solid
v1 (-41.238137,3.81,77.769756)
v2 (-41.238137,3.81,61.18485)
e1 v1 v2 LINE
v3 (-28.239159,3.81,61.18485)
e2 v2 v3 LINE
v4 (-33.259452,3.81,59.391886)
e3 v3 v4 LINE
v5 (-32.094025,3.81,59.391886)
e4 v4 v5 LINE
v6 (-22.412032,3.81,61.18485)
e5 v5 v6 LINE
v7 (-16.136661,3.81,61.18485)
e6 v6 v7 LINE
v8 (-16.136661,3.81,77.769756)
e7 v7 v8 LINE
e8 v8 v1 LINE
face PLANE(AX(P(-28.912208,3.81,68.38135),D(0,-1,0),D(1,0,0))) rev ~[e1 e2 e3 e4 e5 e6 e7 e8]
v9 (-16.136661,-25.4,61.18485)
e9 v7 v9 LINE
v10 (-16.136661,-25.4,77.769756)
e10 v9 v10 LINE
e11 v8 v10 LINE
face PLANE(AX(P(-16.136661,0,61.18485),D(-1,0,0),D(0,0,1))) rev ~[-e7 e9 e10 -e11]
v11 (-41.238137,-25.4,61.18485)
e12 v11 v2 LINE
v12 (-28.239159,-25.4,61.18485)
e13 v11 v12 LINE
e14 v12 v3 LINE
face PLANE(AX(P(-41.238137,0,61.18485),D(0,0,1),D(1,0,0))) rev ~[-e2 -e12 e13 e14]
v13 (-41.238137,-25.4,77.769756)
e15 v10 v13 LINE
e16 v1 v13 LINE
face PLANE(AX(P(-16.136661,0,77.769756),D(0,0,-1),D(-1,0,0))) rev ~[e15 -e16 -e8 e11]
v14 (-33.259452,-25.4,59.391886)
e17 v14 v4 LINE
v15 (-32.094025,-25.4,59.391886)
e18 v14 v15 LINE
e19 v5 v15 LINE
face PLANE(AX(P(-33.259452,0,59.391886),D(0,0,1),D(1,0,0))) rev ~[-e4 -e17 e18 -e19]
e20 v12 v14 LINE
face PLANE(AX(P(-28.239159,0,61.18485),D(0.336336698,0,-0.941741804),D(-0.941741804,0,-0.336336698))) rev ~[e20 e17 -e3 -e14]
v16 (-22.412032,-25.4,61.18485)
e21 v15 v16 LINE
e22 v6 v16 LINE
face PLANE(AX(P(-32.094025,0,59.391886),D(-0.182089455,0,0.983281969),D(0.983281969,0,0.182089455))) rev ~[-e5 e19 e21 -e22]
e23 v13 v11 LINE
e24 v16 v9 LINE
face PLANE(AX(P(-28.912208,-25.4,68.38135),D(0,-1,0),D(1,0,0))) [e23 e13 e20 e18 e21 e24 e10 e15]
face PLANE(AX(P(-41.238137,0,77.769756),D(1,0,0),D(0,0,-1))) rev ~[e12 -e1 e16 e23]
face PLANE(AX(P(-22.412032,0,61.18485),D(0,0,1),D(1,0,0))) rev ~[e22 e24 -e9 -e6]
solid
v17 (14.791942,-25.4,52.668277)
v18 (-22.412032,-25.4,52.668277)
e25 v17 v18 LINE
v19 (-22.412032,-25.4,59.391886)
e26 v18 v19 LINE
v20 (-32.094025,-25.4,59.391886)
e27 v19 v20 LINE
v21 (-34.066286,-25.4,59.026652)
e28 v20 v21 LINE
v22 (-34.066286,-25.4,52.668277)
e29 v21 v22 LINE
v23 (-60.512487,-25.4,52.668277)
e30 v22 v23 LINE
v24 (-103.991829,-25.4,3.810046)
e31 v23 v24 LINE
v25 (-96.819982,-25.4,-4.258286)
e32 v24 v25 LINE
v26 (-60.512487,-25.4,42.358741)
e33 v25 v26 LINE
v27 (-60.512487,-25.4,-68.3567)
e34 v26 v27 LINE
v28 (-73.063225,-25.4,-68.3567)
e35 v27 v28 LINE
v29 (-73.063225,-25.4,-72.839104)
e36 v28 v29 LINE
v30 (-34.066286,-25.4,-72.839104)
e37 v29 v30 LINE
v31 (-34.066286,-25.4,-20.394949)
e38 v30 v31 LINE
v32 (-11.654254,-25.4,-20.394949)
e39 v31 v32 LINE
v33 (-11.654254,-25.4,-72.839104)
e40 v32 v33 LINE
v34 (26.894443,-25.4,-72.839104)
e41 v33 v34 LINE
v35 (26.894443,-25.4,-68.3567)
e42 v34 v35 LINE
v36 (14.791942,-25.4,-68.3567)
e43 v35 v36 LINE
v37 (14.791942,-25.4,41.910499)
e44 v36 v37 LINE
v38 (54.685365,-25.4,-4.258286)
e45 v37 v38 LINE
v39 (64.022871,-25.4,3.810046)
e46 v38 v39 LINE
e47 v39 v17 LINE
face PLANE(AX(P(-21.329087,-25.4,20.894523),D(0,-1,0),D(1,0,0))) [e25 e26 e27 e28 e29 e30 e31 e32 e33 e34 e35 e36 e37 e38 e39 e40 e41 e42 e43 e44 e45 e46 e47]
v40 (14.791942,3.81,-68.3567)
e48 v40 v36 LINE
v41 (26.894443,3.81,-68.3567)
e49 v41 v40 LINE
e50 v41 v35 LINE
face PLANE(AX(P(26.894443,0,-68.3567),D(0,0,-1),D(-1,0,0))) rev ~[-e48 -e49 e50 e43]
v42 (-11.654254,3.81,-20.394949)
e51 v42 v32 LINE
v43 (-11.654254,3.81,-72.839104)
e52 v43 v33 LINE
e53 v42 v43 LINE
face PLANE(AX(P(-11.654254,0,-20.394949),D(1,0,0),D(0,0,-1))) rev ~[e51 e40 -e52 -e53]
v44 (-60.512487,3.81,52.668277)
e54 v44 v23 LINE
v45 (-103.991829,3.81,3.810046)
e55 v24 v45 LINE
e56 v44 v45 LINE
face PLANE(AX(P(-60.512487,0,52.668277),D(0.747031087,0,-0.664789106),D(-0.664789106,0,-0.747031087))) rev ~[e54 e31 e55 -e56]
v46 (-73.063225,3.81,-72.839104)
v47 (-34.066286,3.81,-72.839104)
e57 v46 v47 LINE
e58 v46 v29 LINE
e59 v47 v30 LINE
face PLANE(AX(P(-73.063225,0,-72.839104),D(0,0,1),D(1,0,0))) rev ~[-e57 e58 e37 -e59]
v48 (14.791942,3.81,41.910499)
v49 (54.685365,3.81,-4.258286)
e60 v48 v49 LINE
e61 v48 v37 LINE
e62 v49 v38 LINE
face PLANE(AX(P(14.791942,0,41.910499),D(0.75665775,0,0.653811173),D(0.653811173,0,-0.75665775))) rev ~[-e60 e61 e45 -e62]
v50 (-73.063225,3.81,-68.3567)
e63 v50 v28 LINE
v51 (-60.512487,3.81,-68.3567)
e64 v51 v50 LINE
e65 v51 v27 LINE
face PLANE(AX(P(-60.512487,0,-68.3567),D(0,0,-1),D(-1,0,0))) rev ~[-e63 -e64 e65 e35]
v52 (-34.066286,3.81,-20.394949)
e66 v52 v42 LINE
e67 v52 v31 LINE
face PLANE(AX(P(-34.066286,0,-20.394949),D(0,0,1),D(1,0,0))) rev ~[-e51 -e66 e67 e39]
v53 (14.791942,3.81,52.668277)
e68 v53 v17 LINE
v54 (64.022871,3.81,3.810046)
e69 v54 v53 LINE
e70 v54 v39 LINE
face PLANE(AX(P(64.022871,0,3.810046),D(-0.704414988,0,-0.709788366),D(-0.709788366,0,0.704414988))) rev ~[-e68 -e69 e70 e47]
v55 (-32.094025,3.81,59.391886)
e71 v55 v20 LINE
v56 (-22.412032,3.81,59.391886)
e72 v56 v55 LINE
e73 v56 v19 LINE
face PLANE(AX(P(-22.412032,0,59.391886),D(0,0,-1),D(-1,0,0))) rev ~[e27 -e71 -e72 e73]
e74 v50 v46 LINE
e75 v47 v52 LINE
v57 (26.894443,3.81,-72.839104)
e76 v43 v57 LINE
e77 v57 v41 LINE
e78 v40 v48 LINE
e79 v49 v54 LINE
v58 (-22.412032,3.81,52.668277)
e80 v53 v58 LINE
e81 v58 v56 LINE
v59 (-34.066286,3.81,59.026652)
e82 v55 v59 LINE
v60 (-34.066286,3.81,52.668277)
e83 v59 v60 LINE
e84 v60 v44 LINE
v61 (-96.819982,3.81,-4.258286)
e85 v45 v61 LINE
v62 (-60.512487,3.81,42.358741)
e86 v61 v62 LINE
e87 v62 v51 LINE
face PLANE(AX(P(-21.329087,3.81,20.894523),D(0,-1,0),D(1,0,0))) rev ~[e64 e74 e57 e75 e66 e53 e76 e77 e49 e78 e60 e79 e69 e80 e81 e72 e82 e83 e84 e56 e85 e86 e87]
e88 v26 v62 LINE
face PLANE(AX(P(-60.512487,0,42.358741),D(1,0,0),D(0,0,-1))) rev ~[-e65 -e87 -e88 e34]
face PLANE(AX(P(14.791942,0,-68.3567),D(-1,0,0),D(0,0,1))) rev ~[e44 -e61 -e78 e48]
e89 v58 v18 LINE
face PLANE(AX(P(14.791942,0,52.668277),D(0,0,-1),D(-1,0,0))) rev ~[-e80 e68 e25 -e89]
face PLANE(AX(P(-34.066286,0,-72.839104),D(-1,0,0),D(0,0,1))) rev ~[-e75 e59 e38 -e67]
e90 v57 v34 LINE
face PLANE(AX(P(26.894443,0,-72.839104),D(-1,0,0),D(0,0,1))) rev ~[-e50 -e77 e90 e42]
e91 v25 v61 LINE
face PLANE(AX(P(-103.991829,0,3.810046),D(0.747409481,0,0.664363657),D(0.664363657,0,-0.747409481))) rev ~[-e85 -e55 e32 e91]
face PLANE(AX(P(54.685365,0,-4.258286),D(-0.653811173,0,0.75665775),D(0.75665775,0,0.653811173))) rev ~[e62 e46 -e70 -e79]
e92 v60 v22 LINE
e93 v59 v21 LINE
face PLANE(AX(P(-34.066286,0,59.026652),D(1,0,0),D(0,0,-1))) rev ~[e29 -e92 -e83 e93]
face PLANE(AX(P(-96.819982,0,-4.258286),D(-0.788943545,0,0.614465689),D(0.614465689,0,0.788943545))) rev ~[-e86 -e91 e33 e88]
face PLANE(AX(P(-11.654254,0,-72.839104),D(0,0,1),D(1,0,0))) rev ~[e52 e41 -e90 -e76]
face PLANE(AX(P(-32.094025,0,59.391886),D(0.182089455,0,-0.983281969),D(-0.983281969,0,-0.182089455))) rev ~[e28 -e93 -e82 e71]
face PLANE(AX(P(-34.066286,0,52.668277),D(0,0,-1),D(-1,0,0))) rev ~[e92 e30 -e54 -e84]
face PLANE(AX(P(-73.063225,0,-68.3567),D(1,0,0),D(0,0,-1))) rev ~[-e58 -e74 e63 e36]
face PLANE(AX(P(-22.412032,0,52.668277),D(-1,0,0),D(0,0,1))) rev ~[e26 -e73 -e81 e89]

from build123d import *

# Parameters (mm, degrees)
F0_W     = 26.4462009072
F0_H     = 47.9617509991
F0_W_2   = 26.4461962506
F1_DEPTH = 3.81
F2_DEPTH = 25.4
F3_DEPTH = 25.4


with BuildPart() as f1:
    # F0 (on Front) → F1 (new body)
    with BuildSketch(Plane.XZ):
        Polygon((-60.5124868453, 42.3587411642), (-60.5124868453, -8.7406923994), (14.7919422016, -8.7406923994), (14.7919422016, 41.9104993343), (54.6853654087, -4.2582862079), (64.0228714011, 3.8100455422), (14.7919422016, 52.6682771742), (-5.8271270245, 52.6682771742), (-22.412031889, 52.6682771742), (-34.066285938, 52.6682771742), (-45.2723056078, 52.6682771742), (-60.5124868453, 52.6682771742), (-103.9918288589, 3.8100455422), (-96.8199819326, -4.2582862079), align=None)
        with Locations((-47.2893863916, -44.375824742)):
            Rectangle(F0_W, F0_H)
        with Locations((1.5688440762, -44.375824742)):
            Rectangle(F0_W_2, F0_H)
        Polygon((-60.5124868453, -8.7406923994), (-60.5124868453, -20.3949492425), (-34.066285938, -20.3949492425), (-11.6542540491, -20.3949492425), (14.7919422016, -20.3949492425), (14.7919422016, -8.7406923994), align=None)
        Polygon((14.7919422016, -68.3567002416), (-11.6542540491, -68.3567002416), (-11.6542540491, -72.8391036391), (6.7236125469, -72.8391036391), (26.8944427371, -72.8391036391), (26.8944427371, -68.3567002416), align=None)
        Polygon((-34.066285938, -68.3567002416), (-60.5124868453, -68.3567002416), (-73.0632245541, -68.3567002416), (-73.0632245541, -72.8391036391), (-52.8923943639, -72.8391036391), (-34.066285938, -72.8391036391), align=None)
        Polygon((-34.066285938, 59.0266520042), (-34.066285938, 52.6682771742), (-22.412031889, 52.6682771742), (-22.412031889, 59.3918859959), (-32.0940245688, 59.3918859959), align=None)
    extrude(amount=-F1_DEPTH)

    # F2 (add): a face of the model
    f2_faces = [f1.faces().sort_by_distance(p)[0] for p in [
        (-22.1011180392, 0, -1.8982815448),
    ]]


with BuildPart() as f1b:
    # F0 (on Front) → F1, piece 2 (new body)
    with BuildSketch(Plane.XZ):
        Polygon((-33.2594519109, 59.3918859959), (-32.0940245688, 59.3918859959), (-22.412031889, 61.1848495901), (-16.1366611719, 61.1848495901), (-16.1366611719, 77.7697563171), (-41.2381365895, 77.7697563171), (-41.2381365895, 61.1848495901), (-34.066285938, 61.1848495901), (-28.2391589135, 61.1848495901), align=None)
    extrude(amount=-F1_DEPTH)


with BuildPart() as f1_1:
    add(f1.part)

    add(f1b.part)  # F2 merges F1b
    extrude(f2_faces, amount=F2_DEPTH)

    # F3 (add): a face of the model
    f3_faces = [f1_1.faces().sort_by_distance(p)[0] for p in [
        (-28.6799367318, 0, 69.3439445937),
    ]]
    extrude(f3_faces, amount=F3_DEPTH)


solid = f1_1.part
